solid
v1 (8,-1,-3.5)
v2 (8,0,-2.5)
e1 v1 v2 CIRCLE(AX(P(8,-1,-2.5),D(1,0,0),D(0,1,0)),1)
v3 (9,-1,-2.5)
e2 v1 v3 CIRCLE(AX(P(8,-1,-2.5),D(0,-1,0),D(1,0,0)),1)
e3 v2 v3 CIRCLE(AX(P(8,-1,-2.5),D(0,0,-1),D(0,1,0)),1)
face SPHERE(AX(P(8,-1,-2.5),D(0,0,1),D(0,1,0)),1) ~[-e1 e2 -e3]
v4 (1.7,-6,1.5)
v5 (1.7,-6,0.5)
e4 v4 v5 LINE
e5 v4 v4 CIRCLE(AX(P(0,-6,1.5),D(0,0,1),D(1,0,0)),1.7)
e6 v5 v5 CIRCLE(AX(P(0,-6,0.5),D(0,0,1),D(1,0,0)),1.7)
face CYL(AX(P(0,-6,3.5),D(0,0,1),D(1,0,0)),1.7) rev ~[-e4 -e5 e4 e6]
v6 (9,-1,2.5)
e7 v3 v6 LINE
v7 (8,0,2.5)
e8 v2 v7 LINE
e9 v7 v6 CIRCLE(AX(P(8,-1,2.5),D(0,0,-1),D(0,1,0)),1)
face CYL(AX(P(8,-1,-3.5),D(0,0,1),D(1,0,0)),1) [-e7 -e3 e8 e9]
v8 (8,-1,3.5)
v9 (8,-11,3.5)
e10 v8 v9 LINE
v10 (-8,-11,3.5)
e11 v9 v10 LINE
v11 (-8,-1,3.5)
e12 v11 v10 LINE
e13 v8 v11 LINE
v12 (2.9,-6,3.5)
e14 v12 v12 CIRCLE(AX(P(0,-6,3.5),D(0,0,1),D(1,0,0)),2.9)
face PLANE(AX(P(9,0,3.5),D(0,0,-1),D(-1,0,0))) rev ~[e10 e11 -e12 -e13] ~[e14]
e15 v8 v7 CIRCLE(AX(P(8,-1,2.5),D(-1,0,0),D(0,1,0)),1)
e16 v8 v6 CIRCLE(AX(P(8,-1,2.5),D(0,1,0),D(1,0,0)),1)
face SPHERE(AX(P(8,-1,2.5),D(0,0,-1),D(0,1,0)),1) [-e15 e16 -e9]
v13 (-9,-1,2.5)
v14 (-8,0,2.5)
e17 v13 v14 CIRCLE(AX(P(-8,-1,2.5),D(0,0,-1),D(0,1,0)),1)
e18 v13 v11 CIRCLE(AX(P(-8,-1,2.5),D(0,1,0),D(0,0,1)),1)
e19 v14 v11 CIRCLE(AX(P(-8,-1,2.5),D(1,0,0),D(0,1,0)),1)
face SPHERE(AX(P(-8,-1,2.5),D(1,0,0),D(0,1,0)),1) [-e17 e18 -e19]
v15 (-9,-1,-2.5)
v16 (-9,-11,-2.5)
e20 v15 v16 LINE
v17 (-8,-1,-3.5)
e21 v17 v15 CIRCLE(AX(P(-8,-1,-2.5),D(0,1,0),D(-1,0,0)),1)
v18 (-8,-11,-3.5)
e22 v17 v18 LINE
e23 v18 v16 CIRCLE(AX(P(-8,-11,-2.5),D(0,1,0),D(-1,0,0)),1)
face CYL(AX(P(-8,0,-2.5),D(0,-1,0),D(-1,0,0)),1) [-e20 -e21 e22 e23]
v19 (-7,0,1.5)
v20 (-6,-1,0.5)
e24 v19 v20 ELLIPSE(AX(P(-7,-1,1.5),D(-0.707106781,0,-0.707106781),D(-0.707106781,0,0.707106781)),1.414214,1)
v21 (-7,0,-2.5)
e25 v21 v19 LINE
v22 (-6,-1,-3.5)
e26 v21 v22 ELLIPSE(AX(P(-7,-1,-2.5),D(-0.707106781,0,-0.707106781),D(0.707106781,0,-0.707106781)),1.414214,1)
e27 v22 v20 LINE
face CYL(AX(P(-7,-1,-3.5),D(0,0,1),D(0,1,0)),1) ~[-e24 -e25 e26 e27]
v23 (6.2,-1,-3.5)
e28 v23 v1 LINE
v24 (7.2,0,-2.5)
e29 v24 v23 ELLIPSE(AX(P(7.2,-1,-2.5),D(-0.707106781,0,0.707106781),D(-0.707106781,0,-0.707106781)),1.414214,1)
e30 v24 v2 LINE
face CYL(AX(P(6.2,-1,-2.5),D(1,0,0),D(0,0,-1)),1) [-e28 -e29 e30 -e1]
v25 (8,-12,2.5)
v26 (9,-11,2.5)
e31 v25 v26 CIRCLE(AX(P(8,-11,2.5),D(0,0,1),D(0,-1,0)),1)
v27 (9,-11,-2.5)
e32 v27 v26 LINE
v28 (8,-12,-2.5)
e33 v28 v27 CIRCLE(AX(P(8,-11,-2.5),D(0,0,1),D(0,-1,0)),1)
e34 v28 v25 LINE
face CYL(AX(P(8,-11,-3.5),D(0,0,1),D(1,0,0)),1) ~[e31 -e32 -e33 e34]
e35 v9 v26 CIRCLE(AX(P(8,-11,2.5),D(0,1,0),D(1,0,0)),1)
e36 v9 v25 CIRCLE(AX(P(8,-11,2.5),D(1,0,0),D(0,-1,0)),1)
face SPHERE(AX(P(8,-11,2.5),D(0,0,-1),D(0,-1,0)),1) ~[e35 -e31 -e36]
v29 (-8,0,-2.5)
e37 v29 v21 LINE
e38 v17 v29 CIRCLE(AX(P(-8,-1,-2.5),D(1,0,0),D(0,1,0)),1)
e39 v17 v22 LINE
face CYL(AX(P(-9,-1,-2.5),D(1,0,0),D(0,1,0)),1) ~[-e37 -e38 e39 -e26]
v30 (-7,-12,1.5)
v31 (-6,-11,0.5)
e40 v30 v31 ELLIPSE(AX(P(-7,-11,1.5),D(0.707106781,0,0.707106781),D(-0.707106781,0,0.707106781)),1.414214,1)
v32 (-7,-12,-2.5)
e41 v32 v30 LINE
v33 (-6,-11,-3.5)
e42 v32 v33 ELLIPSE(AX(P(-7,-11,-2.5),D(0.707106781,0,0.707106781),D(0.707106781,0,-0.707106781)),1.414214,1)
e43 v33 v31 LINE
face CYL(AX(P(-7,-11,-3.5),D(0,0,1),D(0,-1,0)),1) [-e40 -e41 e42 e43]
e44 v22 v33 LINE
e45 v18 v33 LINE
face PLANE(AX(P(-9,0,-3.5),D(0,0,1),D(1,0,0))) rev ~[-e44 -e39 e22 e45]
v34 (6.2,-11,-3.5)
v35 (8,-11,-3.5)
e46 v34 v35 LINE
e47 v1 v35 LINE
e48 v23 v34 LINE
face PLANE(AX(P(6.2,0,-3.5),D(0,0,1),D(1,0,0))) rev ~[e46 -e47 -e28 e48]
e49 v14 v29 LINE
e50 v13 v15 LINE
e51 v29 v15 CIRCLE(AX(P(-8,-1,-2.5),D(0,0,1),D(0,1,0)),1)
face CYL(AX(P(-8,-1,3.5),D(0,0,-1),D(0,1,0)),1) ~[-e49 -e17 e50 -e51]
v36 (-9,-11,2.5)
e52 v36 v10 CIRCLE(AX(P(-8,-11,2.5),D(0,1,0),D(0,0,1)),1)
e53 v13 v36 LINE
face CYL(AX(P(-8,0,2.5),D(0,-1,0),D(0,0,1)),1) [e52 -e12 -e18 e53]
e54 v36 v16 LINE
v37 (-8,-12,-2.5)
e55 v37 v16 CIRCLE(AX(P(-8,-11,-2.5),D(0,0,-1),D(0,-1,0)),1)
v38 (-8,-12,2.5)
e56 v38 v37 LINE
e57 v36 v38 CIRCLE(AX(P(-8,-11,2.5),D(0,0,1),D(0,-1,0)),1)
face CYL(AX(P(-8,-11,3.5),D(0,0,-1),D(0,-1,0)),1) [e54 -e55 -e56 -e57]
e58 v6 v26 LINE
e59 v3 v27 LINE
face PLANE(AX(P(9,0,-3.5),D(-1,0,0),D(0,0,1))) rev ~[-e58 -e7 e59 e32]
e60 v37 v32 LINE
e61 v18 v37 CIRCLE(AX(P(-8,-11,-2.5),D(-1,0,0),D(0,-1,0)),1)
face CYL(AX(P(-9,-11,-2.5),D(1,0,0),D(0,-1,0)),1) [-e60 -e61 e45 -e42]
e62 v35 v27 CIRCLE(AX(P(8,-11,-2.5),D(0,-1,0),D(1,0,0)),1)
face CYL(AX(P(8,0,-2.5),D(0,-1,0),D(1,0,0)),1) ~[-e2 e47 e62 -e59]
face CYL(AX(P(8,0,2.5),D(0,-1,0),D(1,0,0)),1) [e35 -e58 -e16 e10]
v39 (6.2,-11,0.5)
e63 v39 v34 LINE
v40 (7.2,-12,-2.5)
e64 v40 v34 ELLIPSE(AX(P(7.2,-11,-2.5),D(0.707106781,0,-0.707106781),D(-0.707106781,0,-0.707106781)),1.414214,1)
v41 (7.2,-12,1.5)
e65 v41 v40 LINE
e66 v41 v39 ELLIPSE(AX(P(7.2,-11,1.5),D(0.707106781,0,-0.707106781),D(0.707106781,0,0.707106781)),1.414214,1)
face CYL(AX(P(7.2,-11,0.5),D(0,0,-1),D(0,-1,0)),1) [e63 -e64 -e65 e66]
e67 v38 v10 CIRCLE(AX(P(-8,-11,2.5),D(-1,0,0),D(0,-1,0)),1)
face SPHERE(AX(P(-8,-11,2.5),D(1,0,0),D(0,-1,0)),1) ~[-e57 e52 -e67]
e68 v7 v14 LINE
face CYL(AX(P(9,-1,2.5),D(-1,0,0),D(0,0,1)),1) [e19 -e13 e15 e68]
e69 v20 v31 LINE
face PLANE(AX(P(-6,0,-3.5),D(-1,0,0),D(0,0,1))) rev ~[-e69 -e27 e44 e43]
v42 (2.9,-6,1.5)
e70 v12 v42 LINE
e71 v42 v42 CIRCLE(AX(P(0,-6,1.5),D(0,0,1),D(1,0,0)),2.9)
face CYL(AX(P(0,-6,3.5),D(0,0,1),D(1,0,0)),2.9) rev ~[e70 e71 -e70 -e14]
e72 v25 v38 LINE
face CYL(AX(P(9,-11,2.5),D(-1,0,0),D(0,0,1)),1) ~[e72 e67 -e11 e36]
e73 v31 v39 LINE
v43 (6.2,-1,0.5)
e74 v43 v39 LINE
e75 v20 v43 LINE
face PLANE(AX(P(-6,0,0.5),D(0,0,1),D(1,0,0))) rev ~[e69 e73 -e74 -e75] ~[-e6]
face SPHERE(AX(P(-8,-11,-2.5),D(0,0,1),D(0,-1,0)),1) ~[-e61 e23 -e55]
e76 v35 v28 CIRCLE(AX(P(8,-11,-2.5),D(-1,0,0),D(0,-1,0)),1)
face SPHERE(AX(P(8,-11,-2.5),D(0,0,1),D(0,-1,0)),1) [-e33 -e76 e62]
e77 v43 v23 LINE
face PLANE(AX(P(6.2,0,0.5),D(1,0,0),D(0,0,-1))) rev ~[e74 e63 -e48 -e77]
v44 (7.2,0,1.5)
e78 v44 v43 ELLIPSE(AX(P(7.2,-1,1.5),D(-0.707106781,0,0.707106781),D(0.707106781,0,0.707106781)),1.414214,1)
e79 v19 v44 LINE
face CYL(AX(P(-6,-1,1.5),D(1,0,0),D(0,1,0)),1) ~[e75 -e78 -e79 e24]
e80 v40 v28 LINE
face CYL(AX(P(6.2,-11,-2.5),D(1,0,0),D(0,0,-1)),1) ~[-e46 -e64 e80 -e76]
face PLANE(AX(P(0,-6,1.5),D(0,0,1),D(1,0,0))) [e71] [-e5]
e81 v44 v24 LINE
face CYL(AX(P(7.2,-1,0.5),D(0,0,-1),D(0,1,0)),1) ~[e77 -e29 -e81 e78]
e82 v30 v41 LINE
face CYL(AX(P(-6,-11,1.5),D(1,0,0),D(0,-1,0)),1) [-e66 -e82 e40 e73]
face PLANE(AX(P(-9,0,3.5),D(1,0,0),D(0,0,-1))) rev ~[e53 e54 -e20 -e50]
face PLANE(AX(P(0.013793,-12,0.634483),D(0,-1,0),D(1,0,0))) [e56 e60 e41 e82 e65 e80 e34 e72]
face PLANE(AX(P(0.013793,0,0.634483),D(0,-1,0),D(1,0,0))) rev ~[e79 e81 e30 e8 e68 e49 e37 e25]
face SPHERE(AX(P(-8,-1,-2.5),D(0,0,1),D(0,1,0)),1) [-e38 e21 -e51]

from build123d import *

# Parameters (mm, degrees)
F1_DEPTH = 12
F2_R     = 1.7
F3_DEPTH = 7.001
F2_R_2   = 2.9
F4_DEPTH = 2
F5_R     = 1


with BuildPart() as f1:
    # F0 (on Front) → F1 (new body)
    with BuildSketch(Plane.XZ):
        Polygon((9, -3.5), (9, 3.5), (-9, 3.5), (-9, -3.5), (-6, -3.5), (-6, 0.5), (6.2, 0.5), (6.2, -3.5), align=None)
    extrude(amount=F1_DEPTH)

    # F2 (on face) → F3 (cut, through all)
    with BuildSketch(Plane.XY.offset(3.5)):
        with Locations((0, -6)):
            Circle(F2_R)
    extrude(amount=-F3_DEPTH, mode=Mode.SUBTRACT)

    # F2 (on face) → F4 (cut)
    with BuildSketch(Plane.XY.offset(3.5)):
        with Locations((0, -6)):
            Circle(F2_R_2)
        with Locations((0, -6)):
            Circle(F2_R, mode=Mode.SUBTRACT)
    extrude(amount=-F4_DEPTH, mode=Mode.SUBTRACT)

    # F5
    f5_edges = [f1.edges().sort_by_distance(p)[0] for p in [
        (9, -12, 0),
        (0, -12, 3.5),
        (-9, -12, 0),
        (-7.5, -12, -3.5),
        (-6, -12, -1.5),
        (0.1, -12, 0.5),
        (6.2, -12, -1.5),
        (7.6, -12, -3.5),
        (9, 0, 0),
        (0, 0, 3.5),
        (-9, 0, 0),
        (-7.5, 0, -3.5),
        (-6, 0, -1.5),
        (0.1, 0, 0.5),
        (6.2, 0, -1.5),
        (7.6, 0, -3.5),
        (9, -6, -3.5),
        (-9, -6, -3.5),
        (-9, -6, 3.5),
        (9, -6, 3.5),
    ]]
    fillet(f5_edges, radius=F5_R)


solid = f1.part
